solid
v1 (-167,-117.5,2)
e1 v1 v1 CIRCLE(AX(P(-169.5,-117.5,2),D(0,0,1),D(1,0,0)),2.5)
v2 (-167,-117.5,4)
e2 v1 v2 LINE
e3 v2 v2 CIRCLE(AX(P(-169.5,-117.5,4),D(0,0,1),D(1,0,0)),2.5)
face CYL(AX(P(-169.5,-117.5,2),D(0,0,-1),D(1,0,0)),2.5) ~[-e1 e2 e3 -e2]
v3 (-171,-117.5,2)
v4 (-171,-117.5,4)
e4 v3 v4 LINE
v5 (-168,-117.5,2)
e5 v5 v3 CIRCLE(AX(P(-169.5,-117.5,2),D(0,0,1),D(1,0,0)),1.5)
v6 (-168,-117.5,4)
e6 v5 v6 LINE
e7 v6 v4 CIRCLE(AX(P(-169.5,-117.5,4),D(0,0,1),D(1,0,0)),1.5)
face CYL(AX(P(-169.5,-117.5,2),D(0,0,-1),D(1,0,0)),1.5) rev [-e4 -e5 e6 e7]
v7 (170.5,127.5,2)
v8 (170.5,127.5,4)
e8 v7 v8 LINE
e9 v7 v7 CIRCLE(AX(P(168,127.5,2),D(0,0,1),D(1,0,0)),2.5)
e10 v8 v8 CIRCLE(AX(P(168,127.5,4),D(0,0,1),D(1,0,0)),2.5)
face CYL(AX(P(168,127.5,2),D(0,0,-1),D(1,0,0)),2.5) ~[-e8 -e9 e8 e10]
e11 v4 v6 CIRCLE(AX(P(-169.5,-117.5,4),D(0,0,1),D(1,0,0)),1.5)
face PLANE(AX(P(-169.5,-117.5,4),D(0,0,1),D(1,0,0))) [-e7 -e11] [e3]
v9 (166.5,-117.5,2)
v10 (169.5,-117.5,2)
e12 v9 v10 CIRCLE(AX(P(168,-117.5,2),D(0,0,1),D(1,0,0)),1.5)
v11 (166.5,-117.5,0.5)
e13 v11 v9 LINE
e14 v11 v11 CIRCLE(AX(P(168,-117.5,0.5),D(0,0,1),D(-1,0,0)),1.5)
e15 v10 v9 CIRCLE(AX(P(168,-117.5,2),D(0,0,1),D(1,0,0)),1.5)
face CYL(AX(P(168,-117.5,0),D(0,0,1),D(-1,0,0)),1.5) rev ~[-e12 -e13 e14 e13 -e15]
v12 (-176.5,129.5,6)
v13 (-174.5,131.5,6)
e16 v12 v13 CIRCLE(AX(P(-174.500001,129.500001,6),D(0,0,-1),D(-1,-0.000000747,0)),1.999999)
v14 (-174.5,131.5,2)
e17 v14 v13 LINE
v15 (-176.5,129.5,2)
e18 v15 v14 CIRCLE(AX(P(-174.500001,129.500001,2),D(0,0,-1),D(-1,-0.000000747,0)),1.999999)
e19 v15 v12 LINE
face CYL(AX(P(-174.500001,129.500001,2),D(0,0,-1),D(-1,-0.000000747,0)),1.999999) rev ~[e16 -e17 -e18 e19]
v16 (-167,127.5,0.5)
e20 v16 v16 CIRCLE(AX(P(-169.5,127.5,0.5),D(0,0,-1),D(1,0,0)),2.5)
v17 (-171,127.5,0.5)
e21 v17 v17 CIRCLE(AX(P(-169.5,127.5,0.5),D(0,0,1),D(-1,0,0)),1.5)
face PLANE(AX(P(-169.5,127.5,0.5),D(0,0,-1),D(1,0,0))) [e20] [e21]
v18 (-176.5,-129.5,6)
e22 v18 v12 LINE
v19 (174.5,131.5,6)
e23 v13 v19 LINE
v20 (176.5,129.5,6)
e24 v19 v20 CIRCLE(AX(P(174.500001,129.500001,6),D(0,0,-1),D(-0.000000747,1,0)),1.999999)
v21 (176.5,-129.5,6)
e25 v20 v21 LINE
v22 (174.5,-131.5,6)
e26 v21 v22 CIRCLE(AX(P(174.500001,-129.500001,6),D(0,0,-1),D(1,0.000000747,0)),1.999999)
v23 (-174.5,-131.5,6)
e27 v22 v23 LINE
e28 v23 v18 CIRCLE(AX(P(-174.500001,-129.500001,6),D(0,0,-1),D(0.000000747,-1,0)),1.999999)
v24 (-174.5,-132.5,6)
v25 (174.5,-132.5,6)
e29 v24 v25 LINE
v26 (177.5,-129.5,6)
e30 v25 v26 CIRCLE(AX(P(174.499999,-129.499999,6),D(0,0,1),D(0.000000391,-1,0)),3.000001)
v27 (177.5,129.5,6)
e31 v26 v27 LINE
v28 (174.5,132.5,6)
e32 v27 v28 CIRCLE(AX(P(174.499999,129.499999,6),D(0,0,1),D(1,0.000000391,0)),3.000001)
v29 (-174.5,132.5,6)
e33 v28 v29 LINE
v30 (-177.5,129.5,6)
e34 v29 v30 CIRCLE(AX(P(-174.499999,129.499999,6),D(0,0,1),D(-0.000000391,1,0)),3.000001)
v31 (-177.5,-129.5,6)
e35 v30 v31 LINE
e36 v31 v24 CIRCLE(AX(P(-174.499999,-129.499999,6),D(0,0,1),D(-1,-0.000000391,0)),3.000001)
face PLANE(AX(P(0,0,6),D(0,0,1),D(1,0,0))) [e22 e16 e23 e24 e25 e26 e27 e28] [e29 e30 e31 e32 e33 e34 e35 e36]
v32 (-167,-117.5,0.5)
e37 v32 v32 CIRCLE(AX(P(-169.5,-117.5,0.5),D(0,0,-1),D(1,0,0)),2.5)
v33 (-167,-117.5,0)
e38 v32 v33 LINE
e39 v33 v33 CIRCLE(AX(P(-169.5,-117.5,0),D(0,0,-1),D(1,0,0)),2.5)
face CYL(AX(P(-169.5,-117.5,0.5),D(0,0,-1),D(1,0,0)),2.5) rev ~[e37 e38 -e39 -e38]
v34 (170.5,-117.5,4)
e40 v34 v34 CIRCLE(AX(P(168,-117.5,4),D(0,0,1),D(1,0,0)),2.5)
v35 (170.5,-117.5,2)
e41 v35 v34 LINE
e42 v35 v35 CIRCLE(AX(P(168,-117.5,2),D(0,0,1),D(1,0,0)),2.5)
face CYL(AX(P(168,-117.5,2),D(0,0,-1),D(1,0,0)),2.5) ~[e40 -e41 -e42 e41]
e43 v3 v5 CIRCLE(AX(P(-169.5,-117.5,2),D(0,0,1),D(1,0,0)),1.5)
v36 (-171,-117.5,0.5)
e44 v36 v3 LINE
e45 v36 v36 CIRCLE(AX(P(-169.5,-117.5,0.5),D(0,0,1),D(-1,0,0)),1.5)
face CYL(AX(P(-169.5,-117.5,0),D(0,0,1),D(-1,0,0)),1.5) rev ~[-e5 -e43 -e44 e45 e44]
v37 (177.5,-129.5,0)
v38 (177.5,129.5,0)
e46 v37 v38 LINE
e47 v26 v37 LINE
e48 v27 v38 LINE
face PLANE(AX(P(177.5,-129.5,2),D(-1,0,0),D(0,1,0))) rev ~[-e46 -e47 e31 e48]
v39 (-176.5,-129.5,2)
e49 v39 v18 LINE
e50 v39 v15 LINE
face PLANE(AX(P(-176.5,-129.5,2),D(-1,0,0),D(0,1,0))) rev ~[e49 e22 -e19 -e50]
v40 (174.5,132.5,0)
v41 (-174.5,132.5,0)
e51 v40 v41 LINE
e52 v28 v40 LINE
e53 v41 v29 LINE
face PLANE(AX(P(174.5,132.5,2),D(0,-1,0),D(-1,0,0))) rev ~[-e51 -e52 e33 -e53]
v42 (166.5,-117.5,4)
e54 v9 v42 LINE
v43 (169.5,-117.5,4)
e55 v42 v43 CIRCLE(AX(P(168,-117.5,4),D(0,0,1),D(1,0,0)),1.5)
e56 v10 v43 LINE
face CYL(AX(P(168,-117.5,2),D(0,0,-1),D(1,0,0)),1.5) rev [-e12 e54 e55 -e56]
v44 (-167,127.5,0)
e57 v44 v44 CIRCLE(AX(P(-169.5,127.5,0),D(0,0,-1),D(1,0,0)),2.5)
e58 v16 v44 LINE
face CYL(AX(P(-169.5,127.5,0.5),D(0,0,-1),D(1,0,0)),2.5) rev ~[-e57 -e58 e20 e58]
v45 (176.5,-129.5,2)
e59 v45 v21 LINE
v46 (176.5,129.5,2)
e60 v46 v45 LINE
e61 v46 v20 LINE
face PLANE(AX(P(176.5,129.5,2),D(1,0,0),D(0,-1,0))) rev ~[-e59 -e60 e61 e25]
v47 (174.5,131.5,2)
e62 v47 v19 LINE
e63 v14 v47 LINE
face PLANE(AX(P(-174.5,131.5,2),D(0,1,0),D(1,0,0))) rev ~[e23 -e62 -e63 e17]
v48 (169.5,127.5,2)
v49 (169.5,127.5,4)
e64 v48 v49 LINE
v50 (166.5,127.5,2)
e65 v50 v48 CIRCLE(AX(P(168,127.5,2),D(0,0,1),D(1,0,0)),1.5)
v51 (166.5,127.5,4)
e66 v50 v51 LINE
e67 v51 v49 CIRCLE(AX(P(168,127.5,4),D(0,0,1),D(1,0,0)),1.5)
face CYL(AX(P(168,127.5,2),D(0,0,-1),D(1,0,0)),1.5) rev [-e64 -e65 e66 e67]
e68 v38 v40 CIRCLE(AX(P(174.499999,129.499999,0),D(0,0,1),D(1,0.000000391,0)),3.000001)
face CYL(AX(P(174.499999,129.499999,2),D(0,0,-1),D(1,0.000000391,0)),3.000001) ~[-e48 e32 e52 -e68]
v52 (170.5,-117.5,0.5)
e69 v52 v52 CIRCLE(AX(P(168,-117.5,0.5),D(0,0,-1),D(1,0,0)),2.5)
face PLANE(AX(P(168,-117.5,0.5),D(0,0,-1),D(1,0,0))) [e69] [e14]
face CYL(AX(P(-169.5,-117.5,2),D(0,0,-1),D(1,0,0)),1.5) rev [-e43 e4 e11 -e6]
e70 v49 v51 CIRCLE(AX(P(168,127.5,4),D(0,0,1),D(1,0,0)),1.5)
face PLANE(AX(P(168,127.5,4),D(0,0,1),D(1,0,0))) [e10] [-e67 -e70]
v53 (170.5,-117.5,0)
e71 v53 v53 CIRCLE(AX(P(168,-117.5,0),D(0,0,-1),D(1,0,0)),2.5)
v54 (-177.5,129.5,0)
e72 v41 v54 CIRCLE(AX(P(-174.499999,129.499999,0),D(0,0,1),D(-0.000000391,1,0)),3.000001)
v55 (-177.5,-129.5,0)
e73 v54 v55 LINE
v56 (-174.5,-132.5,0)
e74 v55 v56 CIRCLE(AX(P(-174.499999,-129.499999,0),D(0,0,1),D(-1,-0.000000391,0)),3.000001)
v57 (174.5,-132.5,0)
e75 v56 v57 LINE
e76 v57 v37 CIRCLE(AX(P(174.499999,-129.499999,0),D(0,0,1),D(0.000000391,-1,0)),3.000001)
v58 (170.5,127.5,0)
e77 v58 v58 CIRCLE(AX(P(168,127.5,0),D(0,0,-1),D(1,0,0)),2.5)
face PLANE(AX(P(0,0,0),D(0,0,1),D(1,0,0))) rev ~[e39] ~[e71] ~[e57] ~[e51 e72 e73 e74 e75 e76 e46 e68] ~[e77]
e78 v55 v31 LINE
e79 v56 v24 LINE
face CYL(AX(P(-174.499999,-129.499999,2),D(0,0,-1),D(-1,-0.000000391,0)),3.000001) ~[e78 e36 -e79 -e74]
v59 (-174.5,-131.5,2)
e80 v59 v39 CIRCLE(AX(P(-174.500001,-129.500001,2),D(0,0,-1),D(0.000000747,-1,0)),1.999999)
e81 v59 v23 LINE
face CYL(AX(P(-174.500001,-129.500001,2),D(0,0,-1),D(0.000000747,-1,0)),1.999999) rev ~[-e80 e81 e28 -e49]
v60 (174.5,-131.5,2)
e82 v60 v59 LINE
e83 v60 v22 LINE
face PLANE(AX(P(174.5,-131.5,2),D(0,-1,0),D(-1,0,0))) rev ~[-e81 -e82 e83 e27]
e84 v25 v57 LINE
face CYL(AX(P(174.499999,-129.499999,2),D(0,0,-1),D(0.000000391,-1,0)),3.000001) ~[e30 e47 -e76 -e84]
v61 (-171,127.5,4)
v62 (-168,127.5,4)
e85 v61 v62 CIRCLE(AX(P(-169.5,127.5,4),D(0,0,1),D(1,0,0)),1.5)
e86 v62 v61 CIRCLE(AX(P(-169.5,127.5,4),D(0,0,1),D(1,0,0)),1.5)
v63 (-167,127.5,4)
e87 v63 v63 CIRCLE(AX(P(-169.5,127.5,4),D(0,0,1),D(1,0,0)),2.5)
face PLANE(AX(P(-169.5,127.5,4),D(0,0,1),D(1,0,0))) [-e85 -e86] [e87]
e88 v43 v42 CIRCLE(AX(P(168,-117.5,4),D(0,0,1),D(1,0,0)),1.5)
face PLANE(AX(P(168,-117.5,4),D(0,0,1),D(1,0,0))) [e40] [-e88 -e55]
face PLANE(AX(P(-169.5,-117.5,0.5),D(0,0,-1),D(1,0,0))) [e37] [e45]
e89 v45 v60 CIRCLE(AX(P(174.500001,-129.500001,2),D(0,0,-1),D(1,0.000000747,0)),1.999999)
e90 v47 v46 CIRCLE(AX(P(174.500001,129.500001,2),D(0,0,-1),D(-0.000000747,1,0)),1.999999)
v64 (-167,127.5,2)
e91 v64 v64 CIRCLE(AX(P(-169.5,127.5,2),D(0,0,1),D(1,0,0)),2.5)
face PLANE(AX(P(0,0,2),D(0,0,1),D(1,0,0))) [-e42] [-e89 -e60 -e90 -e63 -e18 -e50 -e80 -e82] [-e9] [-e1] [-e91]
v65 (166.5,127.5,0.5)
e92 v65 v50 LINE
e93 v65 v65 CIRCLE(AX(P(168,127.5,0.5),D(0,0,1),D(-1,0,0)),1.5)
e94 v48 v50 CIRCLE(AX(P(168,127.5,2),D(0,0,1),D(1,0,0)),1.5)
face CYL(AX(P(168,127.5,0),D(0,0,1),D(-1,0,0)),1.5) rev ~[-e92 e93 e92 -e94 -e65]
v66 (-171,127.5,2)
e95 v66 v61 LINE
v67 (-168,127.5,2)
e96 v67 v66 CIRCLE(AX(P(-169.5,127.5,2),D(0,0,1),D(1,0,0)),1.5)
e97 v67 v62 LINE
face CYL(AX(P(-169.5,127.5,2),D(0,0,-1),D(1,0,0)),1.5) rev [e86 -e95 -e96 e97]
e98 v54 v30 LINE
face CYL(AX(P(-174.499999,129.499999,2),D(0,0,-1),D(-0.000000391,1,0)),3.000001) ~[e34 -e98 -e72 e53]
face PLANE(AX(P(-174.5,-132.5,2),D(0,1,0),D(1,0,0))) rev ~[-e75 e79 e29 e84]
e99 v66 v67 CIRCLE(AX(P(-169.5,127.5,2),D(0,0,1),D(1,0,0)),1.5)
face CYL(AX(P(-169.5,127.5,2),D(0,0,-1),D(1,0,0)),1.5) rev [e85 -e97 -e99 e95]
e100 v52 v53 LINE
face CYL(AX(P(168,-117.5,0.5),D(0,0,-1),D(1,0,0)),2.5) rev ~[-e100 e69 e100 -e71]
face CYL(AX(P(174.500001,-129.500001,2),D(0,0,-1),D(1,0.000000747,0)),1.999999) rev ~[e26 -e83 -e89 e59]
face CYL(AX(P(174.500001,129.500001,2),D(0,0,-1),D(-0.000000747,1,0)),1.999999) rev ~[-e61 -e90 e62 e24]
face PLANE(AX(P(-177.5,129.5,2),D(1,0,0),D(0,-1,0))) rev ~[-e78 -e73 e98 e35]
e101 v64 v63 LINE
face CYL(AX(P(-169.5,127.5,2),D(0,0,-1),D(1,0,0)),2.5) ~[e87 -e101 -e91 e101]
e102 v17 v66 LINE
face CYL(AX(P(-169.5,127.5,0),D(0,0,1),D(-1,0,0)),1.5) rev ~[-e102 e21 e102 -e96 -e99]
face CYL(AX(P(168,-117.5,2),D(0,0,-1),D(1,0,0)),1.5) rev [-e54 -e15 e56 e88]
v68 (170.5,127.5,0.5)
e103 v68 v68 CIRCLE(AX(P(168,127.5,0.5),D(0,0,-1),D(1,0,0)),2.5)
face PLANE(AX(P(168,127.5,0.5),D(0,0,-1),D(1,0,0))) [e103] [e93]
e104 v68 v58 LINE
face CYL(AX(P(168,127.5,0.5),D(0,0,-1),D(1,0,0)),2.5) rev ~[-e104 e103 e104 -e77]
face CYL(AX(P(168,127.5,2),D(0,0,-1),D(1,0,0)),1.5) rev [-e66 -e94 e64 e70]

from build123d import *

# Parameters (mm, degrees)
F1_DEPTH       = 2
F2_R           = 2.5
F2_R_2         = 1.5
F3_DEPTH       = 2
F5_DEPTH       = 4
F7_D           = 3
F7_CBORE_D     = 5
F7_CBORE_DEPTH = 0.5


with BuildPart() as f1:
    # F0 (on Top) → F1 (new body)
    with BuildSketch(Plane.XY):
        with BuildLine():
            Line((-174.5, -132.5), (174.5, -132.5))
            ThreePointArc((174.5, -132.5), (176.62132, -131.62132), (177.5, -129.5))
            Line((177.5, -129.5), (177.5, 129.5))
            ThreePointArc((177.5, 129.5), (176.62132, 131.62132), (174.5, 132.5))
            Line((174.5, 132.5), (-174.5, 132.5))
            ThreePointArc((-174.5, 132.5), (-176.62132, 131.62132), (-177.5, 129.5))
            Line((-177.5, 129.5), (-177.5, -129.5))
            ThreePointArc((-177.5, -129.5), (-176.62132, -131.62132), (-174.5, -132.5))
        make_face()
    extrude(amount=F1_DEPTH)

    # F2 (on face) → F3 (join)
    with BuildSketch(Plane.XY.offset(2)):
        with Locations((-169.5, 127.5)):
            Circle(F2_R)
        with Locations((-169.5, 127.5)):
            Circle(F2_R_2, mode=Mode.SUBTRACT)
        with Locations((168, 127.5)):
            Circle(F2_R)
        with Locations((168, 127.5)):
            Circle(F2_R_2, mode=Mode.SUBTRACT)
        with Locations((-169.5, -117.5)):
            Circle(F2_R)
        with Locations((-169.5, -117.5)):
            Circle(F2_R_2, mode=Mode.SUBTRACT)
        with Locations((168, -117.5)):
            Circle(F2_R)
        with Locations((168, -117.5)):
            Circle(F2_R_2, mode=Mode.SUBTRACT)
    extrude(amount=F3_DEPTH)

    # F4 (on face) → F5 (join)
    with BuildSketch(Plane.XY.offset(2)):
        with BuildLine():
            Line((174.5, 132.5), (-174.5, 132.5))
            ThreePointArc((-174.5, 132.5), (-176.62132, 131.62132), (-177.5, 129.5))
            Line((-177.5, 129.5), (-177.5, -129.5))
            ThreePointArc((-177.5, -129.5), (-176.62132, -131.62132), (-174.5, -132.5))
            Line((-174.5, -132.5), (174.5, -132.5))
            ThreePointArc((174.5, -132.5), (176.62132, -131.62132), (177.5, -129.5))
            Line((177.5, -129.5), (177.5, 129.5))
            ThreePointArc((177.5, 129.5), (176.62132, 131.62132), (174.5, 132.5))
        make_face()
        with BuildLine():
            ThreePointArc((-176.5, 129.5), (-175.914214, 130.914214), (-174.5, 131.5))
            Line((-174.5, 131.5), (174.5, 131.5))
            ThreePointArc((174.5, 131.5), (175.914214, 130.914214), (176.5, 129.5))
            Line((176.5, 129.5), (176.5, -129.5))
            ThreePointArc((176.5, -129.5), (175.914214, -130.914214), (174.5, -131.5))
            Line((174.5, -131.5), (-174.5, -131.5))
            ThreePointArc((-174.5, -131.5), (-175.914214, -130.914214), (-176.5, -129.5))
            Line((-176.5, -129.5), (-176.5, 129.5))
        make_face(mode=Mode.SUBTRACT)
    extrude(amount=F5_DEPTH)

    # F7 (through all)
    with Locations(Plane(origin=(0, 0, 0), x_dir=(1, 0, 0), z_dir=(0, 0, -1))):
        with Locations((-169.5, -127.5), (168, -127.5), (168, 117.5), (-169.5, 117.5)):
            CounterBoreHole(F7_D / 2, F7_CBORE_D / 2, F7_CBORE_DEPTH)


solid = f1.part
